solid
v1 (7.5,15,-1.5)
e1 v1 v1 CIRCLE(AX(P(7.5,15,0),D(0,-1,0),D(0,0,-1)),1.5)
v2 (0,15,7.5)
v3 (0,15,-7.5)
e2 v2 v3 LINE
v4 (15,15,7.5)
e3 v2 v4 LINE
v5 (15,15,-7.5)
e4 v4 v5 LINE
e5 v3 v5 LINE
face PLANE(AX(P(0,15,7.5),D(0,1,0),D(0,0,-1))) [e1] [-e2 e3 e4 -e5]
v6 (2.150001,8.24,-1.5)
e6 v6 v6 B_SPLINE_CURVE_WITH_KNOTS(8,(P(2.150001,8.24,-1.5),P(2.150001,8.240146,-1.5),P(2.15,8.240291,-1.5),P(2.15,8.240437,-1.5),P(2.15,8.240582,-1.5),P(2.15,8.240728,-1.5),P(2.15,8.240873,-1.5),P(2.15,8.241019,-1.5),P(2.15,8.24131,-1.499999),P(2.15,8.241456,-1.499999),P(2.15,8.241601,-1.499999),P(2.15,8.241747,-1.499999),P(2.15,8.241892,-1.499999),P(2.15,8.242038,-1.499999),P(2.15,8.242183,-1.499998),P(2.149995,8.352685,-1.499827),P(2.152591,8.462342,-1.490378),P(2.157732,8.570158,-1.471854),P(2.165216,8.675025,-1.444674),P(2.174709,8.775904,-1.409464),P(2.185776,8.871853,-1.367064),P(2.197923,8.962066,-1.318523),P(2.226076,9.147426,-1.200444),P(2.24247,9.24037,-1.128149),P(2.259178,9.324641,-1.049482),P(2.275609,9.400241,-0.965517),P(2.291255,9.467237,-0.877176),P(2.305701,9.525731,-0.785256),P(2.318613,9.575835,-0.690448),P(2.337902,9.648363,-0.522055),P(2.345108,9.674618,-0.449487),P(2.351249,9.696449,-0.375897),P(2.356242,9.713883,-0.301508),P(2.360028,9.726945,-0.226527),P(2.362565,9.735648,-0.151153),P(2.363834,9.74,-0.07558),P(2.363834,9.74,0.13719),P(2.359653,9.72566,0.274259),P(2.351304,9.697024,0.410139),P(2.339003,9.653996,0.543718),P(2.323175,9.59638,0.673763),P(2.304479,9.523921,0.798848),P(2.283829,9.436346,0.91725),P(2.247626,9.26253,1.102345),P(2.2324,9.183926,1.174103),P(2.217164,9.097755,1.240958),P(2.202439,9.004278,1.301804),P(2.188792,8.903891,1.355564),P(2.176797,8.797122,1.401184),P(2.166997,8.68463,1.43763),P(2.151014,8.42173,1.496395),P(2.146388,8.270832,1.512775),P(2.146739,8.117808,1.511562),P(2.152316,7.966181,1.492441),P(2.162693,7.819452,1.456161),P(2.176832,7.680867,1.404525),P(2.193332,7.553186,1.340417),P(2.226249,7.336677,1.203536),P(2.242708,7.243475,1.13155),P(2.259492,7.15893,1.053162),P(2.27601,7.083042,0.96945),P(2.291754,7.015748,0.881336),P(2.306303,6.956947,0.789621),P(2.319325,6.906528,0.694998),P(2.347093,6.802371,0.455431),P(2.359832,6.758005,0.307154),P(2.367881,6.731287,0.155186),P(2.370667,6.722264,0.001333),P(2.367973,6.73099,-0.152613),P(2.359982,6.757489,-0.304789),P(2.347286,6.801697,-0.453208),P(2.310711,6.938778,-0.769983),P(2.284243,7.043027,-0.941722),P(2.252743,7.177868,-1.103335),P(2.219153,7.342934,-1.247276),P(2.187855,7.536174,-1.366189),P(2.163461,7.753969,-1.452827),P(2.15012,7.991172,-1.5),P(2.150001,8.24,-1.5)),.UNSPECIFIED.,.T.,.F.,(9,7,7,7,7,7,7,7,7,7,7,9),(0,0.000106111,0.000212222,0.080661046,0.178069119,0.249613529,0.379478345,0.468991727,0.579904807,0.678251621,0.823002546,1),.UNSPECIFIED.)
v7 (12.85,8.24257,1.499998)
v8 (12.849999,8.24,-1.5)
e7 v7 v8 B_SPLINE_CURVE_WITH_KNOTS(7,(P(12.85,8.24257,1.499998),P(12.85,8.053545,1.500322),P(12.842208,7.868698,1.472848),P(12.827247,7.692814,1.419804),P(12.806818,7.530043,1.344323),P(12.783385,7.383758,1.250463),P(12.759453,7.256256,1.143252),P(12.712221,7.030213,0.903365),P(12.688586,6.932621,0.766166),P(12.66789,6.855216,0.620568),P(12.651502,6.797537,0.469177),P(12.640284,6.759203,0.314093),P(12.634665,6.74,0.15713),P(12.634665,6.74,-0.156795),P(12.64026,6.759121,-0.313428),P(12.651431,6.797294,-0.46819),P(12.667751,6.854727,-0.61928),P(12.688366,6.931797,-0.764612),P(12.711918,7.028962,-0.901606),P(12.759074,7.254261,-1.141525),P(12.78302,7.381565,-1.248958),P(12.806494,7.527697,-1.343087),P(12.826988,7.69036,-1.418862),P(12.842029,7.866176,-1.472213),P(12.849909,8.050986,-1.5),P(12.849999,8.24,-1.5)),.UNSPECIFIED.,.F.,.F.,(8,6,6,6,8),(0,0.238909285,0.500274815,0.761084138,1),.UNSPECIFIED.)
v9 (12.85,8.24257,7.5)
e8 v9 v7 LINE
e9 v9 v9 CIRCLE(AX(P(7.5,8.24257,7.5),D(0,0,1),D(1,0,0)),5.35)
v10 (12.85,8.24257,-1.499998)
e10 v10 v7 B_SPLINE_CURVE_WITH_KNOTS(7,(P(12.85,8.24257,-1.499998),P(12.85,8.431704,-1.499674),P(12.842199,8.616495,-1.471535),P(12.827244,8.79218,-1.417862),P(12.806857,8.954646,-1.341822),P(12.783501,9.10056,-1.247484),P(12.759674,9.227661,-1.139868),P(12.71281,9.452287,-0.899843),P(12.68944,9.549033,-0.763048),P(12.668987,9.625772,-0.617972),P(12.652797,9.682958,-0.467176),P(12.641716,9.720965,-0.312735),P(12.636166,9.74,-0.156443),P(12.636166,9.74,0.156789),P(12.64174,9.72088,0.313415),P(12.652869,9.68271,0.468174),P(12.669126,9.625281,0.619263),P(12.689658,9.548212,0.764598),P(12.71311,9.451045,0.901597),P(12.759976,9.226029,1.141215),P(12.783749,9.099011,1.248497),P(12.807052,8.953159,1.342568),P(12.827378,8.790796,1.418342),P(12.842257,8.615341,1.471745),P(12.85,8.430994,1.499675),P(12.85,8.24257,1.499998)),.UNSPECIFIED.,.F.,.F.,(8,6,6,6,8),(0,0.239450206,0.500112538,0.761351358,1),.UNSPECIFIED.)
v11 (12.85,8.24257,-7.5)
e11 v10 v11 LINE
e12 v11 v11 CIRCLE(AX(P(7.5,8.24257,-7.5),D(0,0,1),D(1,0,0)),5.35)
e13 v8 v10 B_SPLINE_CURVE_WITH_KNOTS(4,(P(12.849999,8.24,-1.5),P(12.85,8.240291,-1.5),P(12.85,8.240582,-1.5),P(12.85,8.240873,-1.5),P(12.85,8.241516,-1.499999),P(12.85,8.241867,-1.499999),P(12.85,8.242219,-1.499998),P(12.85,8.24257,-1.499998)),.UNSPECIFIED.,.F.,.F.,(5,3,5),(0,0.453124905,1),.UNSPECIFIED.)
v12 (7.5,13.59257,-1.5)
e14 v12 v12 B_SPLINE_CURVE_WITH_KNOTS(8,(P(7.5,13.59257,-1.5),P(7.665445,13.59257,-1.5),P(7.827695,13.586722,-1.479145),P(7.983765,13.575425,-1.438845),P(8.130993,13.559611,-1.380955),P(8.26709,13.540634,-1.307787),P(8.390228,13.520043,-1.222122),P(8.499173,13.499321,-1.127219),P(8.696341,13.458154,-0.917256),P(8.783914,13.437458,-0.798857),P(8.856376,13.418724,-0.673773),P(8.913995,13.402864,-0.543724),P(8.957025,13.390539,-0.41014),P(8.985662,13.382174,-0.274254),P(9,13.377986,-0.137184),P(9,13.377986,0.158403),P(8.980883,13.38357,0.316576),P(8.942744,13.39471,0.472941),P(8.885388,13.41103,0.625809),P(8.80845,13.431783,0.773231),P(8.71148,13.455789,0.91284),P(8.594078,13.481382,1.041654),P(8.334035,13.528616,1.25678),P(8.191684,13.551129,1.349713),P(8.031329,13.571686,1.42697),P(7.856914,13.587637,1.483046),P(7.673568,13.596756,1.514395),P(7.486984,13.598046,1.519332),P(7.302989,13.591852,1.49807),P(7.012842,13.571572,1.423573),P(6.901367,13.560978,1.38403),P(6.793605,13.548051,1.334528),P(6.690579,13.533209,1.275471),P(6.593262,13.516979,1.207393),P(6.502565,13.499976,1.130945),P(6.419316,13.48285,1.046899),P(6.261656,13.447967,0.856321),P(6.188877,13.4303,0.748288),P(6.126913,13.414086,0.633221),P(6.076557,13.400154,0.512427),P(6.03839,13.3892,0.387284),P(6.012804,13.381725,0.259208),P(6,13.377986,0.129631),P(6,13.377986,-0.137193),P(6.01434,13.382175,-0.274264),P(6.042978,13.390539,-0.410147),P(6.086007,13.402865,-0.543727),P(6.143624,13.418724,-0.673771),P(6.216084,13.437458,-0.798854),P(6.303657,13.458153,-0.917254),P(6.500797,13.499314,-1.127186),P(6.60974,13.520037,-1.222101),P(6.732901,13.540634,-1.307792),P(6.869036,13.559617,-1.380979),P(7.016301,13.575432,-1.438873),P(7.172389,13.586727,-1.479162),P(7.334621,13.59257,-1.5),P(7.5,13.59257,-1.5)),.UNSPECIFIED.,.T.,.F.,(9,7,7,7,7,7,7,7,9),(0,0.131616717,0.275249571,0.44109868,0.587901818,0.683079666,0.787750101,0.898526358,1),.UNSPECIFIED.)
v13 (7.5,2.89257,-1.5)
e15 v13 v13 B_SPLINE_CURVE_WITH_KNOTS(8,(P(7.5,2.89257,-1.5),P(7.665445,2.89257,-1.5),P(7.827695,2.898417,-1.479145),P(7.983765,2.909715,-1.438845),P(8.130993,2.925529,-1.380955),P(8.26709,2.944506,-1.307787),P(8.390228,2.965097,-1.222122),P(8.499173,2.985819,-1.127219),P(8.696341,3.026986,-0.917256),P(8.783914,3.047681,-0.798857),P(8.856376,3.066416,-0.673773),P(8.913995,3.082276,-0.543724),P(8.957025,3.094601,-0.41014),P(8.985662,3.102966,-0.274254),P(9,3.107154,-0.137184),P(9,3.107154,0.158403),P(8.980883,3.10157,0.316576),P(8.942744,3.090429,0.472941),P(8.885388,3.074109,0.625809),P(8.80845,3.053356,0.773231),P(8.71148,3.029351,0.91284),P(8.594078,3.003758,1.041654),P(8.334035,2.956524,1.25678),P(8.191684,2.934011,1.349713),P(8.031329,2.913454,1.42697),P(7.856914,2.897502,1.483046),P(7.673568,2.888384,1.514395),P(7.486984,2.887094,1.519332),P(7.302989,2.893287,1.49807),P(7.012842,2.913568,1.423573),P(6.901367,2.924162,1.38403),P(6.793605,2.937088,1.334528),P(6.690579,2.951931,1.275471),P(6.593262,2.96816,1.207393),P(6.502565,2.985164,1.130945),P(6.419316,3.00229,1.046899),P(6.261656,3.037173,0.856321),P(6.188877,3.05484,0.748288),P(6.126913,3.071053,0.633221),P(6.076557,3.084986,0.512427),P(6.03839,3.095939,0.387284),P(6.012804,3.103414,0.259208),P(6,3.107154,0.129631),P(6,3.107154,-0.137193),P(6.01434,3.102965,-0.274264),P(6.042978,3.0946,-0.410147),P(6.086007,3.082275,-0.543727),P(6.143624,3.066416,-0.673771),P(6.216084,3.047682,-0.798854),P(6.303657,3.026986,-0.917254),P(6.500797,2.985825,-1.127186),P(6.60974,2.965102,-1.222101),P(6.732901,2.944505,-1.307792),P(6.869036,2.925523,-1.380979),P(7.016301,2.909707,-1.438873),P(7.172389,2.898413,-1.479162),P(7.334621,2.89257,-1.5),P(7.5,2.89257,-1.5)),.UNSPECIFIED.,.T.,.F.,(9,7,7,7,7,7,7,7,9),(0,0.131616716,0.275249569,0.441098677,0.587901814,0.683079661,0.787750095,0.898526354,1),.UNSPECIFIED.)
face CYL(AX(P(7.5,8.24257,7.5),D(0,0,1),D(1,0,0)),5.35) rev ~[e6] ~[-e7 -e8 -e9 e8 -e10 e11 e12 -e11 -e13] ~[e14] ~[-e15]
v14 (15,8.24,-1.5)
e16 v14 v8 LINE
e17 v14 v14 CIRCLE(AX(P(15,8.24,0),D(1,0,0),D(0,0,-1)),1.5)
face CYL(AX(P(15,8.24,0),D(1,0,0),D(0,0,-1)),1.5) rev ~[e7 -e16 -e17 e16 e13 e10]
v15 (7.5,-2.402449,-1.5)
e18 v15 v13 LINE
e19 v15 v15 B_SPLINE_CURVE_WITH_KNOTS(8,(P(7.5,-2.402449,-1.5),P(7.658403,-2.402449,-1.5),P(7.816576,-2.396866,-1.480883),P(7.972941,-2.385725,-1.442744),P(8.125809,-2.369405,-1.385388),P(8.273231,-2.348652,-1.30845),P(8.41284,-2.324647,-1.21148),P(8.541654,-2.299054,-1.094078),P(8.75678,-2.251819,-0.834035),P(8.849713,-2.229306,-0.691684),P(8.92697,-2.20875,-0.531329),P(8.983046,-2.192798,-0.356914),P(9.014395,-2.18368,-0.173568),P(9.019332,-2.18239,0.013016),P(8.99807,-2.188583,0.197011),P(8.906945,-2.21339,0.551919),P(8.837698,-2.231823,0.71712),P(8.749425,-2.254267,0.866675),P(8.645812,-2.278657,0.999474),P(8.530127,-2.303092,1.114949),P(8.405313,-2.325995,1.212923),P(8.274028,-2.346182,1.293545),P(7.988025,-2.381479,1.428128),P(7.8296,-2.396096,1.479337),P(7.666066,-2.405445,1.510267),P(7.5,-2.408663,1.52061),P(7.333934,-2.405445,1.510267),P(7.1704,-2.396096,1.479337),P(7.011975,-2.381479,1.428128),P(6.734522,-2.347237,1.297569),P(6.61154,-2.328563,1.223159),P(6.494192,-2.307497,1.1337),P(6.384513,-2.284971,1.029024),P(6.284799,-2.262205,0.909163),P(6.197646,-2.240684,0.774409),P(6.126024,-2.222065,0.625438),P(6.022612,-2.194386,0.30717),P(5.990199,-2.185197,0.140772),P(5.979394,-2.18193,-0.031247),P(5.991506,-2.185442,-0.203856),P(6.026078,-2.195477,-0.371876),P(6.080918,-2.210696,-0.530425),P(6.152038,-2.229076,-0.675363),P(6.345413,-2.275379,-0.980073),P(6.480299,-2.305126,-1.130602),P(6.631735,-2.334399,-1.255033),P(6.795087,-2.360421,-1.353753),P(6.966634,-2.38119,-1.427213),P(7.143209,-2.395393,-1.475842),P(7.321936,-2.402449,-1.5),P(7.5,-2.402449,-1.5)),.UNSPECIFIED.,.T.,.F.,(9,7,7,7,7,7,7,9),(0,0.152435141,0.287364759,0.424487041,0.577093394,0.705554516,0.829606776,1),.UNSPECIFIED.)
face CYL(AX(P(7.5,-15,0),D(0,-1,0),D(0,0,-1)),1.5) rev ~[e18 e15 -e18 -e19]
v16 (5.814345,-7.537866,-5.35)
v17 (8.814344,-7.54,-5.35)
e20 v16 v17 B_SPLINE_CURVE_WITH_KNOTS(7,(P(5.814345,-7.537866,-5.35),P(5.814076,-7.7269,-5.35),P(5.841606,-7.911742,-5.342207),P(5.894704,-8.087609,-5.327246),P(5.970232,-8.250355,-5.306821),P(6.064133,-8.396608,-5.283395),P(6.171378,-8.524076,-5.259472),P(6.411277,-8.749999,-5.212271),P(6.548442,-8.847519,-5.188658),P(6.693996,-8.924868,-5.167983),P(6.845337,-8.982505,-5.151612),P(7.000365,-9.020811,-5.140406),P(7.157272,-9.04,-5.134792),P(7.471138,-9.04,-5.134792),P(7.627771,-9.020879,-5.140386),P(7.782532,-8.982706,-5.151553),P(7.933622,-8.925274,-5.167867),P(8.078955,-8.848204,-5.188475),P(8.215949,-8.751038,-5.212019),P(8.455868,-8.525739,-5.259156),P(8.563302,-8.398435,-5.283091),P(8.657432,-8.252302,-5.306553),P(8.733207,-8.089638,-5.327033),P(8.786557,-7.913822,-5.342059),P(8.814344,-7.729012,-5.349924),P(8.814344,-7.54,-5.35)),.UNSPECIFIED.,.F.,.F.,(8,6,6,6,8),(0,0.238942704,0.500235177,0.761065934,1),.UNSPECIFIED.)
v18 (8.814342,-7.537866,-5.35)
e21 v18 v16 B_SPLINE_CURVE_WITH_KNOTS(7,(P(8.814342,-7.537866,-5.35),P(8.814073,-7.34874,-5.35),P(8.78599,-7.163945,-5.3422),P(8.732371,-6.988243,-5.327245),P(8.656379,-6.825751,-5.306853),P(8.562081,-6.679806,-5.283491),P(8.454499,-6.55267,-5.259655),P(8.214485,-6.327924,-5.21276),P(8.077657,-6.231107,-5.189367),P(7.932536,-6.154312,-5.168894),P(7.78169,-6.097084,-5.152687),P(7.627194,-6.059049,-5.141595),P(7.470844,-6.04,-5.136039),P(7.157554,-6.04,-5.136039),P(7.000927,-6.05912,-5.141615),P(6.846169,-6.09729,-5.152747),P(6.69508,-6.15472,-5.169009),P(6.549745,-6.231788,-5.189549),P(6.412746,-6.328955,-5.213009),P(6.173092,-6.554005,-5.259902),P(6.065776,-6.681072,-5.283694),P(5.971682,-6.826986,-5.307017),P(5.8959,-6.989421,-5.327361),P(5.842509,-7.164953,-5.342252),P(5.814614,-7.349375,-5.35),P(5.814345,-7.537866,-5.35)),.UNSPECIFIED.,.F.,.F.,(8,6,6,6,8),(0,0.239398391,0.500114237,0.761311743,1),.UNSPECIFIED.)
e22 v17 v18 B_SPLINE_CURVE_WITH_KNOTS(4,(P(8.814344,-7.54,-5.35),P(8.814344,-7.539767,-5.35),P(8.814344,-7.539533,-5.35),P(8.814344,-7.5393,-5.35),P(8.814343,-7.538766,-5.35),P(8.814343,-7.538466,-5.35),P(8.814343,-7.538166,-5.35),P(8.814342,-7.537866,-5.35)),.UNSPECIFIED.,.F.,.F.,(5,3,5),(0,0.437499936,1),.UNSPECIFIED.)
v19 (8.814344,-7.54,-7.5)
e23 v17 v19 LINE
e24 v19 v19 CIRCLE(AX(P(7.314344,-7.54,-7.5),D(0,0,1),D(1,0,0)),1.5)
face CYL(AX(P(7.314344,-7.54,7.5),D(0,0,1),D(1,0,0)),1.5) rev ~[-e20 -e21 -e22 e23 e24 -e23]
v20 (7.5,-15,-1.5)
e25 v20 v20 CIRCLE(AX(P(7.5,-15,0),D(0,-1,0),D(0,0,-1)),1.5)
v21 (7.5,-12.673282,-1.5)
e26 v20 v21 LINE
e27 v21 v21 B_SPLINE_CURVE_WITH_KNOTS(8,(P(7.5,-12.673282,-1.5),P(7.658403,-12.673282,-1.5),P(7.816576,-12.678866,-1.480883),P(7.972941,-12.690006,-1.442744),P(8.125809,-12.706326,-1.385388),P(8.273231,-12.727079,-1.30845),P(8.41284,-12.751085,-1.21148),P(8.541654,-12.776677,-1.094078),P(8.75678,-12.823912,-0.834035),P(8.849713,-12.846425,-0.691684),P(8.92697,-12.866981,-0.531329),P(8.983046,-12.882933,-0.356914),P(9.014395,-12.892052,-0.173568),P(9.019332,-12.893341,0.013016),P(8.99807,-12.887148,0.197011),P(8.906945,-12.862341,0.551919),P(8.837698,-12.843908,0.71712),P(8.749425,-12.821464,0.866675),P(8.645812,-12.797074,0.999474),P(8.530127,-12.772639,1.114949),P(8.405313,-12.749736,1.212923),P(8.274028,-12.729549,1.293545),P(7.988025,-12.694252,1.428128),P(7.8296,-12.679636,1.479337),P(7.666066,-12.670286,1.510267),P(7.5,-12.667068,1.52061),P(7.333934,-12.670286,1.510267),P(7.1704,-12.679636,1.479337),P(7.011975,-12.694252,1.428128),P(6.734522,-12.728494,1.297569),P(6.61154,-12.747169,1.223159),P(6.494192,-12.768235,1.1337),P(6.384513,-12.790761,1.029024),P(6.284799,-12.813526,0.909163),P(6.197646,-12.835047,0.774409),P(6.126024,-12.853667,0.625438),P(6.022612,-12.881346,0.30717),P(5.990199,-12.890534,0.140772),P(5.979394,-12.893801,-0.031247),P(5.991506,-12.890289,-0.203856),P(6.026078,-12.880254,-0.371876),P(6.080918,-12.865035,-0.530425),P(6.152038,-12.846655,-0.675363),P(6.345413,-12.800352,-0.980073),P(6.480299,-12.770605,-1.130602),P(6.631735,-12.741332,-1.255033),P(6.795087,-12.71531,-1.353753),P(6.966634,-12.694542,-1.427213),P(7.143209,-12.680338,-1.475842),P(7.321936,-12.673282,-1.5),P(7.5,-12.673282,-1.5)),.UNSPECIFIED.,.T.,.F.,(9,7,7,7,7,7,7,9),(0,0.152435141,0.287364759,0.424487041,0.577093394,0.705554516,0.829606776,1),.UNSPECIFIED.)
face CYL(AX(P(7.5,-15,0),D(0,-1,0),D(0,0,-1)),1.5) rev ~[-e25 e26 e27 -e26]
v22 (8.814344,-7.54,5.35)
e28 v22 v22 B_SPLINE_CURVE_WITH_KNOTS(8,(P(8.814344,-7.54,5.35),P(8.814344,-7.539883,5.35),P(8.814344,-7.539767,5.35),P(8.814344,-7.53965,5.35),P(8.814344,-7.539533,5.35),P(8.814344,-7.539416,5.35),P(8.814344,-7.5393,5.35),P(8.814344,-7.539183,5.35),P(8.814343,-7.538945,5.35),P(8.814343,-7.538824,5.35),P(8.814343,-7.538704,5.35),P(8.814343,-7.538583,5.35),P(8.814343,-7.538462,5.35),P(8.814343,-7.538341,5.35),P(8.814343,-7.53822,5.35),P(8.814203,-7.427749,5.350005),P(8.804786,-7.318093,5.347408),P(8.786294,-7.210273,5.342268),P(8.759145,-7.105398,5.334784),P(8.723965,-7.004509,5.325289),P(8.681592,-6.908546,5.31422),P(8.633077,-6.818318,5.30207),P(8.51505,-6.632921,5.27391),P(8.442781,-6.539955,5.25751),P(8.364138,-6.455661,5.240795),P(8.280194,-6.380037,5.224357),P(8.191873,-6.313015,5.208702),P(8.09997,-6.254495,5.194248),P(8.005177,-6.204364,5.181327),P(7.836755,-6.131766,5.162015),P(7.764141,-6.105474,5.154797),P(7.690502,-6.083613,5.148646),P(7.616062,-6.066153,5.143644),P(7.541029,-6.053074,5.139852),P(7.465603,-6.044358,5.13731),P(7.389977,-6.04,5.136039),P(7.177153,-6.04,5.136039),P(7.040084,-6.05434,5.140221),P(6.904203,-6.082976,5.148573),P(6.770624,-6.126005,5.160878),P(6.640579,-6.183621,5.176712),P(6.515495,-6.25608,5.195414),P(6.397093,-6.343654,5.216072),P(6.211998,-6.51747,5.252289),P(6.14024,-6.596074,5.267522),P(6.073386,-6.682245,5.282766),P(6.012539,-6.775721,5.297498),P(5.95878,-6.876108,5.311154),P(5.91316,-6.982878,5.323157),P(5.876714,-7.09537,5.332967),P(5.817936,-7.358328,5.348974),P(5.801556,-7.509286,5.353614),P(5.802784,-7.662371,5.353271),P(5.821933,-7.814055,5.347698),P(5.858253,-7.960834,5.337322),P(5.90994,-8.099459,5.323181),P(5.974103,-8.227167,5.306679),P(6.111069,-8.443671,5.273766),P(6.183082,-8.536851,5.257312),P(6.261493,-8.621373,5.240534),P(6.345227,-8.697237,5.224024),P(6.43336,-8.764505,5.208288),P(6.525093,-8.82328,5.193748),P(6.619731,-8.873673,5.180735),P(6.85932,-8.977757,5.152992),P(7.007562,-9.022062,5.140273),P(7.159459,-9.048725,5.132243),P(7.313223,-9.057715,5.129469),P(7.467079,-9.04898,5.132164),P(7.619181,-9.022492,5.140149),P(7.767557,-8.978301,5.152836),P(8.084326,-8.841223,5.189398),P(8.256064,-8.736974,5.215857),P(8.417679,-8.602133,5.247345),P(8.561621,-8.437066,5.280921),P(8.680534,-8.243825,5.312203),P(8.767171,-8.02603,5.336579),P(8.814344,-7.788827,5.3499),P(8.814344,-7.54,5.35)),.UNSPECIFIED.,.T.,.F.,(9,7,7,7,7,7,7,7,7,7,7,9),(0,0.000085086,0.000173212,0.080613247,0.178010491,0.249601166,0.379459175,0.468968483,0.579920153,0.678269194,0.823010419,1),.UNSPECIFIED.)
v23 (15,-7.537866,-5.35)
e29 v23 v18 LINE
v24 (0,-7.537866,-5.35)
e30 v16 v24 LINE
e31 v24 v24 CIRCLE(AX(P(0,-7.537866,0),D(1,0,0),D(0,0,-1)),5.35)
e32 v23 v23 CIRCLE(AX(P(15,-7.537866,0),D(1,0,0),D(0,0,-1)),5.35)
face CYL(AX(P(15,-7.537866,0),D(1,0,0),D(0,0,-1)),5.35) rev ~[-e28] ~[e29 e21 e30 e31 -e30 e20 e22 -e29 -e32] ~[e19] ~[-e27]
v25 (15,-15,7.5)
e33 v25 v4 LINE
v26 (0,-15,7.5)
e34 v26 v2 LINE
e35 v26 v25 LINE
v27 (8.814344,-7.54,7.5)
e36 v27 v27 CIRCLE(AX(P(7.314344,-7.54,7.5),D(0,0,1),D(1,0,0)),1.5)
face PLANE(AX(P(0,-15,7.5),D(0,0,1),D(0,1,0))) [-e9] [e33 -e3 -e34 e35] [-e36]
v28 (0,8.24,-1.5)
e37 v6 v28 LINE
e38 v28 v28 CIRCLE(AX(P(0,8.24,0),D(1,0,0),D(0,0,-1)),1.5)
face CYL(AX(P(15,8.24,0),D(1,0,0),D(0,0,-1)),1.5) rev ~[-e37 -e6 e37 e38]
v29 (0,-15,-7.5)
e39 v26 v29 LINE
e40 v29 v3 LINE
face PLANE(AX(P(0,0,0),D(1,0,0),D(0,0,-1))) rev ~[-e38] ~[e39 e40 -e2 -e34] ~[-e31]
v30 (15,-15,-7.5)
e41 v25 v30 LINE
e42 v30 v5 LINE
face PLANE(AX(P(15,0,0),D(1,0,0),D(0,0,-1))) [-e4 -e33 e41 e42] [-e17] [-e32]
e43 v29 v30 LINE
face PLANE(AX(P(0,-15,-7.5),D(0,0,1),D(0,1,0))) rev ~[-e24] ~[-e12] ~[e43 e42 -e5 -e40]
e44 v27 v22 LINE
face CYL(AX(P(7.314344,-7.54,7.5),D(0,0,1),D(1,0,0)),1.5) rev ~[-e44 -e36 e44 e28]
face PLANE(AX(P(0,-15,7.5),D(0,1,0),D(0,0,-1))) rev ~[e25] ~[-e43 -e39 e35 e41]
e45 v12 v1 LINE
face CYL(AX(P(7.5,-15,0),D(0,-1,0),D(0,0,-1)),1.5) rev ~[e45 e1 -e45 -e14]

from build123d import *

# Parameters (mm, degrees)
SKETCH_1_W          = 15
SKETCH_1_H          = 30
EXTRUDE_1_DEPTH     = 15
SKETCH_2_R          = 5.35
CUT_EXTRUDE_1_DEPTH = 15
SKETCH_4_R          = 5.35
CUT_EXTRUDE_2_DEPTH = 15
SKETCH_5_R          = 1.5
CUT_EXTRUDE_3_DEPTH = 20
SKETCH_7_R          = 1.5
CUT_EXTRUDE_4_DEPTH = 20
SKETCH_8_R          = 1.5
CUT_EXTRUDE_5_DEPTH = 50


with BuildPart() as part:
    # 草图1 → 凸台-拉伸1 (new body)
    with BuildSketch(Plane(origin=(0, 0, 0), x_dir=(0, 0, -1), z_dir=(1, 0, 0))):
        Rectangle(SKETCH_1_W, SKETCH_1_H)
    extrude(amount=EXTRUDE_1_DEPTH)

    # 草图2 → 切除-拉伸1 (cut)
    with BuildSketch(Plane(origin=(15, 0, 0), x_dir=(0, 0, -1), z_dir=(1, 0, 0))):
        with Locations((0, -7.537865607)):
            Circle(SKETCH_2_R)
    extrude(amount=-CUT_EXTRUDE_1_DEPTH, mode=Mode.SUBTRACT)

    # 草图4 → 切除-拉伸2 (cut)
    with BuildSketch(Plane.XY.offset(7.5)):
        with Locations((7.5, 8.242569868)):
            Circle(SKETCH_4_R)
    extrude(amount=-CUT_EXTRUDE_2_DEPTH, mode=Mode.SUBTRACT)

    # 草图5 → 切除-拉伸3 (cut)
    with BuildSketch(Plane.XY.offset(7.5)):
        with Locations((7.314343795, -7.54)):
            Circle(SKETCH_5_R)
    extrude(amount=-CUT_EXTRUDE_3_DEPTH, mode=Mode.SUBTRACT)

    # 草图7 → 切除-拉伸4 (cut)
    with BuildSketch(Plane(origin=(15, 0, 0), x_dir=(0, 0, -1), z_dir=(1, 0, 0))):
        with Locations((0, 8.24)):
            Circle(SKETCH_7_R)
    extrude(amount=-CUT_EXTRUDE_4_DEPTH, mode=Mode.SUBTRACT)

    # 草图8 → 切除-拉伸5 (cut)
    with BuildSketch(Plane.XZ.offset(15)):
        with Locations(Location((7.5, 0, 0), (0, 0, 270))):
            Circle(SKETCH_8_R)
    extrude(amount=-CUT_EXTRUDE_5_DEPTH, mode=Mode.SUBTRACT)


solid = part.part
